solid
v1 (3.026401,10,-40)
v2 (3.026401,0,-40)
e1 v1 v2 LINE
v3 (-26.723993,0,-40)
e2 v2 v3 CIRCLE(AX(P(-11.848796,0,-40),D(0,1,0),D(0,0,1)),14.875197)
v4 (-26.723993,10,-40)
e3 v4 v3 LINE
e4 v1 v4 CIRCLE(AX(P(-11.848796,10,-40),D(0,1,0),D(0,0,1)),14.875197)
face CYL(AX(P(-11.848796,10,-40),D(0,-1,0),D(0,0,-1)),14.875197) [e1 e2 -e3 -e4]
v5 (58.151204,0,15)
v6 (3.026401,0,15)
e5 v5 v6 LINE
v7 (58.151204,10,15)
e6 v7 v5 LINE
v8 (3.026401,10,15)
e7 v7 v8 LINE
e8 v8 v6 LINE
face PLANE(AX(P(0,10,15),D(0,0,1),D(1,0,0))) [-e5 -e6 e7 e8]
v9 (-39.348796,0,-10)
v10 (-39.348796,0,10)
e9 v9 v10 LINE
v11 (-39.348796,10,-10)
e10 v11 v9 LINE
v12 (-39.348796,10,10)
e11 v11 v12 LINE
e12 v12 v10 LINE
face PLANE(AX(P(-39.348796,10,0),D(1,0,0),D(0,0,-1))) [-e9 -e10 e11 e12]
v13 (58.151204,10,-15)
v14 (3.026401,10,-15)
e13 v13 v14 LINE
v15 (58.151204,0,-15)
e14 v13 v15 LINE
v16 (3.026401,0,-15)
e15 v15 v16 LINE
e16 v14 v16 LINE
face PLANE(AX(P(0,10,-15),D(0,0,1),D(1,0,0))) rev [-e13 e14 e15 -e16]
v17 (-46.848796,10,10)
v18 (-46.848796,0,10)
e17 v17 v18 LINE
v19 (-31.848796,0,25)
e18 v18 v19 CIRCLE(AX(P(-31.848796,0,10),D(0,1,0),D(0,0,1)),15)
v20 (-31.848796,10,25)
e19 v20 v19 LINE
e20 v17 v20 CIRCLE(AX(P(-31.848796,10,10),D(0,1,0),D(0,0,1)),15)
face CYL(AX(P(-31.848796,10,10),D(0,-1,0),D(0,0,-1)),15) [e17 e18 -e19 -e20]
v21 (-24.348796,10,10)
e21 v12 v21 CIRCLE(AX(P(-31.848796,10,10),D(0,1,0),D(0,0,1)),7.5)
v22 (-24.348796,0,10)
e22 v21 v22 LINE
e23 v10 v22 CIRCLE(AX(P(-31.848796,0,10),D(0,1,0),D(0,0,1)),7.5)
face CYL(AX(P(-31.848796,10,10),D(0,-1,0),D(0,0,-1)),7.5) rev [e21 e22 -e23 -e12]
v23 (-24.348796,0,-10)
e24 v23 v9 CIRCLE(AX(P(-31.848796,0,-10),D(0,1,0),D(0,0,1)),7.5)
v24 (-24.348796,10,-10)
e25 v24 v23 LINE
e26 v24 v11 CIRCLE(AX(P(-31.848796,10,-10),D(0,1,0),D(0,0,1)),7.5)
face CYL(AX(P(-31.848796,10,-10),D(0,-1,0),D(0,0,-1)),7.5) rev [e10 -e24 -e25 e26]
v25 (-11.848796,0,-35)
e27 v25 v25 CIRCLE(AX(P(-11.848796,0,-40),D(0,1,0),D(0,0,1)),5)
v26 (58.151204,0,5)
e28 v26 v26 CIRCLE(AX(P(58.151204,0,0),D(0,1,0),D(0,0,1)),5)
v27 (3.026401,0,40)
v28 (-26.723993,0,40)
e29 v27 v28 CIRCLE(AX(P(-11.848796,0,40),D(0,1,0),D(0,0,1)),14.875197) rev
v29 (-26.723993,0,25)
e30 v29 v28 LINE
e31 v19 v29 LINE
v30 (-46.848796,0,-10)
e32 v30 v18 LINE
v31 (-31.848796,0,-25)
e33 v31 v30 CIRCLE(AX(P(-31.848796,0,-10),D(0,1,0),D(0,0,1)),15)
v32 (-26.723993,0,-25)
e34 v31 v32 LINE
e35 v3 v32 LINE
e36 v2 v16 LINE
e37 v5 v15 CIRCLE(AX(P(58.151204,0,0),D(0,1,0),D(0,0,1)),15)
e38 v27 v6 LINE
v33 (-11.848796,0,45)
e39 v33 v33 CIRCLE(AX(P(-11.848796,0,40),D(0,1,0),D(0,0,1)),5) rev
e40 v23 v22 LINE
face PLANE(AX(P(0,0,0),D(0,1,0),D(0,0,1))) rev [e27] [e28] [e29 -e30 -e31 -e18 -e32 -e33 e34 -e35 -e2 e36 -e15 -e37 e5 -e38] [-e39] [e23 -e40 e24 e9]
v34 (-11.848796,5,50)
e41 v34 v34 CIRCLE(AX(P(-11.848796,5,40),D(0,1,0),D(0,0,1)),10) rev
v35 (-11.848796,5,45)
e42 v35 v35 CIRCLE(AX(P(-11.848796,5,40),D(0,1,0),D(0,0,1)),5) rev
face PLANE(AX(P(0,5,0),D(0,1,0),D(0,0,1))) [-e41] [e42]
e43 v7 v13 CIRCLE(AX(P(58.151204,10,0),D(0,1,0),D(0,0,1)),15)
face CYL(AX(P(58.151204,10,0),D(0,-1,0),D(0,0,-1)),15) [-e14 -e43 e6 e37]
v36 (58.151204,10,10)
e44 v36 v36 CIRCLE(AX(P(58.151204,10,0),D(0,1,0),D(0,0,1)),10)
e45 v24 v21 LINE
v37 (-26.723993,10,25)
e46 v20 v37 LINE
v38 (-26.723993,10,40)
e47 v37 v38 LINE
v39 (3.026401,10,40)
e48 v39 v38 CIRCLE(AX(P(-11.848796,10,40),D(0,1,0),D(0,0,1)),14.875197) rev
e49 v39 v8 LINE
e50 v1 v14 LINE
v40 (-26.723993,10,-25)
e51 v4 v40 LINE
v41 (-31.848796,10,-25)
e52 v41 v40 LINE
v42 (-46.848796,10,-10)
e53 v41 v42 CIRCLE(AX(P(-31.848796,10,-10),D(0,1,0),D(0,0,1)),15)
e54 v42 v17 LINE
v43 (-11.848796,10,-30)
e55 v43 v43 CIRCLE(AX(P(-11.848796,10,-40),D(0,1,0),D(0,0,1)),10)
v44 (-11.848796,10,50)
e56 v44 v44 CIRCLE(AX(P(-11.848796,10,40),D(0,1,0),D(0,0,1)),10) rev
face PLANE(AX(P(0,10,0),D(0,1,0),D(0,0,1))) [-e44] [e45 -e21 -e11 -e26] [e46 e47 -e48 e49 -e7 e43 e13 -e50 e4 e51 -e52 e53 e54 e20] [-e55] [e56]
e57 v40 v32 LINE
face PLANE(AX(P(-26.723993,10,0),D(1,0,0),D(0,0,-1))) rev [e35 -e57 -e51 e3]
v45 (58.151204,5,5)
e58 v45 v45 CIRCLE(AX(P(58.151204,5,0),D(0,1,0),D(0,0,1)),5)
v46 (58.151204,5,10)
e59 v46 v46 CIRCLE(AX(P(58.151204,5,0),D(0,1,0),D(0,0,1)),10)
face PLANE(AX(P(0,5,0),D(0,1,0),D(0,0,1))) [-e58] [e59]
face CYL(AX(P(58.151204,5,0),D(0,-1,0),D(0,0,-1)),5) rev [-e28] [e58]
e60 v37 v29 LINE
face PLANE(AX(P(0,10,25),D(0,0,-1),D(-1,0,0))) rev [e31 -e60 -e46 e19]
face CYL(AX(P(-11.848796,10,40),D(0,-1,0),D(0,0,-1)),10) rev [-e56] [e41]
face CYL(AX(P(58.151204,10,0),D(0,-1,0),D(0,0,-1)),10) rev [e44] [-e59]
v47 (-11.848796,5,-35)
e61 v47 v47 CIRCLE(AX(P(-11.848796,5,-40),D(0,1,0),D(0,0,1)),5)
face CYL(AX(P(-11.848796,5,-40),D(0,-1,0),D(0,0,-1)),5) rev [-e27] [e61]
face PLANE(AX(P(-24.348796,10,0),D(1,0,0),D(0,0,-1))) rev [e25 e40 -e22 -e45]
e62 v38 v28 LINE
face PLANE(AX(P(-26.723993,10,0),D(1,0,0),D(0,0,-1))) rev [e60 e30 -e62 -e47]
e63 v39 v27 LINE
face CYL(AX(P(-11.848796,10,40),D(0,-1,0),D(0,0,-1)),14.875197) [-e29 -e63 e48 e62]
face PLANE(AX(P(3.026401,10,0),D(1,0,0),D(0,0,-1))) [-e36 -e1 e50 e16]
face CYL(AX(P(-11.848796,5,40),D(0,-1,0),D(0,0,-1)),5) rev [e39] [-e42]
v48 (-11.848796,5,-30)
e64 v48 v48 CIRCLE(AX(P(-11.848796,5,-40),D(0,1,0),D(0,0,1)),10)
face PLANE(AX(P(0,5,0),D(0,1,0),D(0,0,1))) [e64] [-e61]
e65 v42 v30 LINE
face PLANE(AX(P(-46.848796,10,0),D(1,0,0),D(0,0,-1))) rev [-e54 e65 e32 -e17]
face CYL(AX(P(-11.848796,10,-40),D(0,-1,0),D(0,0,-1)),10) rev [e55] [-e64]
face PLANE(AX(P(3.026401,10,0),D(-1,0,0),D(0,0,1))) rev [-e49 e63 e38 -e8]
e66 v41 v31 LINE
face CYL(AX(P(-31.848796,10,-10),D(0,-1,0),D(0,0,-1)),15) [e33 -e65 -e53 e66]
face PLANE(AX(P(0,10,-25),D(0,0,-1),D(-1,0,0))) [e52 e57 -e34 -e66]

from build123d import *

# Parameters (mm, degrees)
SKETCH3_R           = 10
BOSS_EXTRUDE1_DEPTH = 10
SKETCH3_5_R         = 10
SKETCH3_5_R_2       = 5
BOSS_EXTRUDE3_DEPTH = 5


with BuildPart() as part:
    # Sketch3 → Boss-Extrude1 (new body)
    with BuildSketch(Plane(origin=(0, 0, 0), x_dir=(1, 0, 0), z_dir=(0, 1, 0))):
        with BuildLine():
            ThreePointArc((58.151203912, -15), (73.151203912, 0), (58.151203912, 15))
            Line((58.151203912, 15), (3.026401107, 15))
            Line((3.026401107, 15), (3.026401107, 40))
            ThreePointArc((3.026401107, 40), (-11.848796088, 54.875197195), (-26.723993282, 40))
            Line((-26.723993282, 40), (-26.723993282, 25))
            Line((-26.723993282, 25), (-31.848796088, 25))
            ThreePointArc((-31.848796088, 25), (-42.455397805, 20.606601718), (-46.848796088, 10))
            Line((-46.848796088, 10), (-46.848796088, -10))
            ThreePointArc((-46.848796088, -10), (-42.455397805, -20.606601718), (-31.848796088, -25))
            Line((-31.848796088, -25), (-26.723993282, -25))
            Line((-26.723993282, -25), (-26.723993282, -40))
            ThreePointArc((-26.723993282, -40), (-11.848796088, -54.875197195), (3.026401107, -40))
            Line((3.026401107, -40), (3.026401107, -15))
            Line((3.026401107, -15), (58.151203912, -15))
        make_face()
        with Locations((-11.848796088, -40)):
            Circle(SKETCH3_R, mode=Mode.SUBTRACT)
        with BuildLine():
            Line((-39.348796088, -10), (-39.348796088, 10))
            ThreePointArc((-39.348796088, 10), (-31.848796088, 17.5), (-24.348796088, 10))
            Line((-24.348796088, 10), (-24.348796088, -10))
            ThreePointArc((-24.348796088, -10), (-31.848796088, -17.5), (-39.348796088, -10))
        make_face(mode=Mode.SUBTRACT)
        with Locations((-11.848796088, 40)):
            Circle(SKETCH3_R, mode=Mode.SUBTRACT)
        with Locations((58.151203912, 0)):
            Circle(SKETCH3_R, mode=Mode.SUBTRACT)
    extrude(amount=BOSS_EXTRUDE1_DEPTH)

    # Sketch3<5> → Boss-Extrude3 (add)
    # profile 1 of 3: a face of its own
    with BuildSketch(Plane(origin=(0, 0, 0), x_dir=(1, 0, 0), z_dir=(0, 1, 0))):
        with Locations((58.151203912, 0)):
            Circle(SKETCH3_5_R)
        with Locations((58.151203912, 0)):
            Circle(SKETCH3_5_R_2, mode=Mode.SUBTRACT)
    # profile 2 of 3: a face of its own
    with BuildSketch(Plane(origin=(0, 0, 0), x_dir=(1, 0, 0), z_dir=(0, 1, 0))):
        with Locations((-11.848796088, 40)):
            Circle(SKETCH3_5_R)
        with Locations((-11.848796088, 40)):
            Circle(SKETCH3_5_R_2, mode=Mode.SUBTRACT)
    # profile 3 of 3: a face of its own
    with BuildSketch(Plane(origin=(0, 0, 0), x_dir=(1, 0, 0), z_dir=(0, 1, 0))):
        with Locations((-11.848796088, -40)):
            Circle(SKETCH3_5_R)
        with Locations((-11.848796088, -40)):
            Circle(SKETCH3_5_R_2, mode=Mode.SUBTRACT)
    extrude(amount=BOSS_EXTRUDE3_DEPTH)


solid = part.part
